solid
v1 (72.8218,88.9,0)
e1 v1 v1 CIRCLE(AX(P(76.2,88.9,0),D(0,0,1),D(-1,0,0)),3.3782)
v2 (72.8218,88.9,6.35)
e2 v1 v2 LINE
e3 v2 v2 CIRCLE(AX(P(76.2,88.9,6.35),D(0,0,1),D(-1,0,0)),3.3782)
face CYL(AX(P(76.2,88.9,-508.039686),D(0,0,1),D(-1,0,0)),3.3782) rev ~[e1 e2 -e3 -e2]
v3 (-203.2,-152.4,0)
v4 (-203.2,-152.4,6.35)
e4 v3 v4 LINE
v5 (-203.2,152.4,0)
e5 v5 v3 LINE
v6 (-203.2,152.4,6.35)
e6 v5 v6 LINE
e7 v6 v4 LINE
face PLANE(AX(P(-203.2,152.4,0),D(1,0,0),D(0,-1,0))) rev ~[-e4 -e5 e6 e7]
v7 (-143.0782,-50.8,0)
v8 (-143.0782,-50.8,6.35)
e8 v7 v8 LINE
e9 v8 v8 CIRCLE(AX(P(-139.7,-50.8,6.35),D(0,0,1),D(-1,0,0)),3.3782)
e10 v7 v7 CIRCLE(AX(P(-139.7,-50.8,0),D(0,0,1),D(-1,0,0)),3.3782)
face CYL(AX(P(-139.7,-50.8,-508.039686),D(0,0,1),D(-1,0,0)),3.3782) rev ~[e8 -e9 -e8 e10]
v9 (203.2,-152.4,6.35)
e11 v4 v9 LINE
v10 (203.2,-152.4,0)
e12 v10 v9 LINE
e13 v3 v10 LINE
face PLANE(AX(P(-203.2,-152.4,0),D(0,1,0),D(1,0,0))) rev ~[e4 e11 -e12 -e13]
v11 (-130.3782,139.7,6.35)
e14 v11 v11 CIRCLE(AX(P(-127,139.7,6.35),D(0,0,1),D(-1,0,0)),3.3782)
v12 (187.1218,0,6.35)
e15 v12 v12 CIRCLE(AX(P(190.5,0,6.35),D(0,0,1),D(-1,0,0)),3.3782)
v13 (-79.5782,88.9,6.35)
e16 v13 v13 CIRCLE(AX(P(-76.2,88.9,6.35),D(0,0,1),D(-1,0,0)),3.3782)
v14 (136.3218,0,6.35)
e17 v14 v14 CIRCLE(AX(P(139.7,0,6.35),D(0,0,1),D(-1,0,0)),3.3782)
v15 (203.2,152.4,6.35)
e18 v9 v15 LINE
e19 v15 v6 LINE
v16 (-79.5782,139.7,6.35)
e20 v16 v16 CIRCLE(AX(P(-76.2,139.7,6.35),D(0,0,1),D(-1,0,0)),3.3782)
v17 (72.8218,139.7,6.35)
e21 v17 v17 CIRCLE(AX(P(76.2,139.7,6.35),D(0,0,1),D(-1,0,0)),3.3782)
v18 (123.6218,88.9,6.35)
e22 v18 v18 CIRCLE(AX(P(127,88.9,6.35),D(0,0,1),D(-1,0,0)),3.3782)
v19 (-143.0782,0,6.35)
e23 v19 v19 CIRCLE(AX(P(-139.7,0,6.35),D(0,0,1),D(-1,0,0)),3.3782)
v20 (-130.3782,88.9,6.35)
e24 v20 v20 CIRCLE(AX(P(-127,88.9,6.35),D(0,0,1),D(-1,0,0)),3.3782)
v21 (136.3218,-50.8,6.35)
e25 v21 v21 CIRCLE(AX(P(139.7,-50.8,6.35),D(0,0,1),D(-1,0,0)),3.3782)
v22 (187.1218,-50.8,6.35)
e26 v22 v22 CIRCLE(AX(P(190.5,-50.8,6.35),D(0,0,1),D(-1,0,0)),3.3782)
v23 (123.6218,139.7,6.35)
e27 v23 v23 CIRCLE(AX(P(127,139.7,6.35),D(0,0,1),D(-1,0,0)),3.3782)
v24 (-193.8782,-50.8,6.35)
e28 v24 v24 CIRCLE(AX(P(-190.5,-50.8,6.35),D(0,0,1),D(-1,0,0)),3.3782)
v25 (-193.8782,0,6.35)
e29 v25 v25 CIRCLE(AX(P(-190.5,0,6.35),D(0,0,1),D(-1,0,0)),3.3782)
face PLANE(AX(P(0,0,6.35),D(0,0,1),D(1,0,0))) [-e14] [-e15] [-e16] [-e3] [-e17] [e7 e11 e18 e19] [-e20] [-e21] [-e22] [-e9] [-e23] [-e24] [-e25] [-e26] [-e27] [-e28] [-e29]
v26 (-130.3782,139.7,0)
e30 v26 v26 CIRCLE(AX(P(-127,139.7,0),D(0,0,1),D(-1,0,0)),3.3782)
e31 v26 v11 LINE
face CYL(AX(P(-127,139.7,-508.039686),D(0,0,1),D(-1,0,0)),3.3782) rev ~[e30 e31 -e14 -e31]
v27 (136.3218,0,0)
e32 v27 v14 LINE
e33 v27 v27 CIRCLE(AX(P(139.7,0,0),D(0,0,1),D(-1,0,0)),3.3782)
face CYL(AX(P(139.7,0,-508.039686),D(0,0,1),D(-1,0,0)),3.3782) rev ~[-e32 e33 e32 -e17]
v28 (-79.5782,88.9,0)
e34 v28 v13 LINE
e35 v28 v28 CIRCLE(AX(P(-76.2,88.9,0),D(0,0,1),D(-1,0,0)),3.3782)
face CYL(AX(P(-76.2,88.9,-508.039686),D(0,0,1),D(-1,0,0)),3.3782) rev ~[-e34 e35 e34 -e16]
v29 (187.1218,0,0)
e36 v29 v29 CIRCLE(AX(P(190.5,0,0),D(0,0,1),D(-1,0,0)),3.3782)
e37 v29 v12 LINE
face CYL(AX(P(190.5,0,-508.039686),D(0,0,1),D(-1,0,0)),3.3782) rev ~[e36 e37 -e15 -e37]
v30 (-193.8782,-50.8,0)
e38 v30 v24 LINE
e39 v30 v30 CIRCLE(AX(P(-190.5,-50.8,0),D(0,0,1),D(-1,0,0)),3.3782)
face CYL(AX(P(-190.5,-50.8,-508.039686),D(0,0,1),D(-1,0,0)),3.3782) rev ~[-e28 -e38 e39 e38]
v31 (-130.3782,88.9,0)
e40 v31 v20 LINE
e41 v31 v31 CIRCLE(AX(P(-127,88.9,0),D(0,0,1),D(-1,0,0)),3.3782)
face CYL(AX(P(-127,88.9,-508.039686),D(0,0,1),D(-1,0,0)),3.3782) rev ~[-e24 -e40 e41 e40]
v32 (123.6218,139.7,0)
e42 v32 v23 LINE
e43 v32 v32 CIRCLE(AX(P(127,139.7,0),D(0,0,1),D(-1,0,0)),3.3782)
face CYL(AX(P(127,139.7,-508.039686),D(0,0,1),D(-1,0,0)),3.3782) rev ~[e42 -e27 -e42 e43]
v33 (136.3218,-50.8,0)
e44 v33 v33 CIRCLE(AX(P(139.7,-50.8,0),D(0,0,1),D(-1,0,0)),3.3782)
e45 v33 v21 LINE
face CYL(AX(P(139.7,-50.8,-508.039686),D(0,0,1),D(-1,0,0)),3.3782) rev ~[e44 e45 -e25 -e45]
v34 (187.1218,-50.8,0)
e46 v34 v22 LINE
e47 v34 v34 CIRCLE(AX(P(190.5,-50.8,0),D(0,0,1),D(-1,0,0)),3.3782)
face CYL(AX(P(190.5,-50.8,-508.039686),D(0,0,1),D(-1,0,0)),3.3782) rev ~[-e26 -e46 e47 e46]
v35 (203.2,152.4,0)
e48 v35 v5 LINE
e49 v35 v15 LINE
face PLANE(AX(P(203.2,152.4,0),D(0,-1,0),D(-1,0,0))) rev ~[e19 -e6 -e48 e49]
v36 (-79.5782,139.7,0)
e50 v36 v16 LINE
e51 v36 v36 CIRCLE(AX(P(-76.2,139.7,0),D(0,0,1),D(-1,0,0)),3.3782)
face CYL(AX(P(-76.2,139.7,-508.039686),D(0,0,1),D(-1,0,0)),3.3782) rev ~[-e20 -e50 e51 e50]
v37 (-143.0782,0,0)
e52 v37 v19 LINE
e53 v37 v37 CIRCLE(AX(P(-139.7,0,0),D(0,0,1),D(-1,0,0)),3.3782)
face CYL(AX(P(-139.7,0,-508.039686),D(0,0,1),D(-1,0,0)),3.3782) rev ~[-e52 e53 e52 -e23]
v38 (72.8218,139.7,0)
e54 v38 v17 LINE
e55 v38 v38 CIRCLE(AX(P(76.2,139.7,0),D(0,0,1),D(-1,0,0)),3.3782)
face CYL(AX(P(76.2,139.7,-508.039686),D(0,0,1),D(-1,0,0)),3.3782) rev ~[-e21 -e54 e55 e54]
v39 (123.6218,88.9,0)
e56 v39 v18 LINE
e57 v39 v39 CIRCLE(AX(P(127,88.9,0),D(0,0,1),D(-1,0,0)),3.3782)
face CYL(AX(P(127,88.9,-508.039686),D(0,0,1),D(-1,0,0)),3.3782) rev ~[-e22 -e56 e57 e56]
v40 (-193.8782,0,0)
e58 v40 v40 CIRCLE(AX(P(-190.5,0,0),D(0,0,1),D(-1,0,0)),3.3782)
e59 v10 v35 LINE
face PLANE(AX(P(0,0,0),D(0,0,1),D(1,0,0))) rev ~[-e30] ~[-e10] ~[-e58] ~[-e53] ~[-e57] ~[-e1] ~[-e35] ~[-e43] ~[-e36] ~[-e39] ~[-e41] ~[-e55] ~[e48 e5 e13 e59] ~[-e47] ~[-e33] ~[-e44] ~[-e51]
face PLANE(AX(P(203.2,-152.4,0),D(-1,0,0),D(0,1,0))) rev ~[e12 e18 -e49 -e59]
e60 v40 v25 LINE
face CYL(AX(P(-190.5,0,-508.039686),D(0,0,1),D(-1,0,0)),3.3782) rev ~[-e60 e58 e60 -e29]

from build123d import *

# Parameters (mm, degrees)
F1_DEPTH = 6.35
F2_D     = 6.7564


with BuildPart() as f1:
    # F0 (on Top) → F1 (new body)
    with BuildSketch(Plane.XY):
        Polygon((-190.5, 152.4), (-203.2, 152.4), (-203.2, -152.4), (203.2, -152.4), (203.2, 152.4), (190.5, 152.4), (127, 152.4), (-127, 152.4), align=None)
    extrude(amount=F1_DEPTH)

    # F2 (through all)
    with Locations(Plane(origin=(0, 0, 0), x_dir=(1, 0, 0), z_dir=(0, 0, -1))):
        with Locations((-127, -139.7), (-76.2, -139.7), (-127, -88.9), (-76.2, -88.9), (76.2, -139.7), (127, -139.7), (76.2, -88.9), (127, -88.9), (139.7, 0), (190.5, 0), (139.7, 50.8), (190.5, 50.8), (-190.5, 0), (-139.7, 0), (-139.7, 50.8), (-190.5, 50.8)):
            Hole(F2_D / 2)


solid = f1.part
